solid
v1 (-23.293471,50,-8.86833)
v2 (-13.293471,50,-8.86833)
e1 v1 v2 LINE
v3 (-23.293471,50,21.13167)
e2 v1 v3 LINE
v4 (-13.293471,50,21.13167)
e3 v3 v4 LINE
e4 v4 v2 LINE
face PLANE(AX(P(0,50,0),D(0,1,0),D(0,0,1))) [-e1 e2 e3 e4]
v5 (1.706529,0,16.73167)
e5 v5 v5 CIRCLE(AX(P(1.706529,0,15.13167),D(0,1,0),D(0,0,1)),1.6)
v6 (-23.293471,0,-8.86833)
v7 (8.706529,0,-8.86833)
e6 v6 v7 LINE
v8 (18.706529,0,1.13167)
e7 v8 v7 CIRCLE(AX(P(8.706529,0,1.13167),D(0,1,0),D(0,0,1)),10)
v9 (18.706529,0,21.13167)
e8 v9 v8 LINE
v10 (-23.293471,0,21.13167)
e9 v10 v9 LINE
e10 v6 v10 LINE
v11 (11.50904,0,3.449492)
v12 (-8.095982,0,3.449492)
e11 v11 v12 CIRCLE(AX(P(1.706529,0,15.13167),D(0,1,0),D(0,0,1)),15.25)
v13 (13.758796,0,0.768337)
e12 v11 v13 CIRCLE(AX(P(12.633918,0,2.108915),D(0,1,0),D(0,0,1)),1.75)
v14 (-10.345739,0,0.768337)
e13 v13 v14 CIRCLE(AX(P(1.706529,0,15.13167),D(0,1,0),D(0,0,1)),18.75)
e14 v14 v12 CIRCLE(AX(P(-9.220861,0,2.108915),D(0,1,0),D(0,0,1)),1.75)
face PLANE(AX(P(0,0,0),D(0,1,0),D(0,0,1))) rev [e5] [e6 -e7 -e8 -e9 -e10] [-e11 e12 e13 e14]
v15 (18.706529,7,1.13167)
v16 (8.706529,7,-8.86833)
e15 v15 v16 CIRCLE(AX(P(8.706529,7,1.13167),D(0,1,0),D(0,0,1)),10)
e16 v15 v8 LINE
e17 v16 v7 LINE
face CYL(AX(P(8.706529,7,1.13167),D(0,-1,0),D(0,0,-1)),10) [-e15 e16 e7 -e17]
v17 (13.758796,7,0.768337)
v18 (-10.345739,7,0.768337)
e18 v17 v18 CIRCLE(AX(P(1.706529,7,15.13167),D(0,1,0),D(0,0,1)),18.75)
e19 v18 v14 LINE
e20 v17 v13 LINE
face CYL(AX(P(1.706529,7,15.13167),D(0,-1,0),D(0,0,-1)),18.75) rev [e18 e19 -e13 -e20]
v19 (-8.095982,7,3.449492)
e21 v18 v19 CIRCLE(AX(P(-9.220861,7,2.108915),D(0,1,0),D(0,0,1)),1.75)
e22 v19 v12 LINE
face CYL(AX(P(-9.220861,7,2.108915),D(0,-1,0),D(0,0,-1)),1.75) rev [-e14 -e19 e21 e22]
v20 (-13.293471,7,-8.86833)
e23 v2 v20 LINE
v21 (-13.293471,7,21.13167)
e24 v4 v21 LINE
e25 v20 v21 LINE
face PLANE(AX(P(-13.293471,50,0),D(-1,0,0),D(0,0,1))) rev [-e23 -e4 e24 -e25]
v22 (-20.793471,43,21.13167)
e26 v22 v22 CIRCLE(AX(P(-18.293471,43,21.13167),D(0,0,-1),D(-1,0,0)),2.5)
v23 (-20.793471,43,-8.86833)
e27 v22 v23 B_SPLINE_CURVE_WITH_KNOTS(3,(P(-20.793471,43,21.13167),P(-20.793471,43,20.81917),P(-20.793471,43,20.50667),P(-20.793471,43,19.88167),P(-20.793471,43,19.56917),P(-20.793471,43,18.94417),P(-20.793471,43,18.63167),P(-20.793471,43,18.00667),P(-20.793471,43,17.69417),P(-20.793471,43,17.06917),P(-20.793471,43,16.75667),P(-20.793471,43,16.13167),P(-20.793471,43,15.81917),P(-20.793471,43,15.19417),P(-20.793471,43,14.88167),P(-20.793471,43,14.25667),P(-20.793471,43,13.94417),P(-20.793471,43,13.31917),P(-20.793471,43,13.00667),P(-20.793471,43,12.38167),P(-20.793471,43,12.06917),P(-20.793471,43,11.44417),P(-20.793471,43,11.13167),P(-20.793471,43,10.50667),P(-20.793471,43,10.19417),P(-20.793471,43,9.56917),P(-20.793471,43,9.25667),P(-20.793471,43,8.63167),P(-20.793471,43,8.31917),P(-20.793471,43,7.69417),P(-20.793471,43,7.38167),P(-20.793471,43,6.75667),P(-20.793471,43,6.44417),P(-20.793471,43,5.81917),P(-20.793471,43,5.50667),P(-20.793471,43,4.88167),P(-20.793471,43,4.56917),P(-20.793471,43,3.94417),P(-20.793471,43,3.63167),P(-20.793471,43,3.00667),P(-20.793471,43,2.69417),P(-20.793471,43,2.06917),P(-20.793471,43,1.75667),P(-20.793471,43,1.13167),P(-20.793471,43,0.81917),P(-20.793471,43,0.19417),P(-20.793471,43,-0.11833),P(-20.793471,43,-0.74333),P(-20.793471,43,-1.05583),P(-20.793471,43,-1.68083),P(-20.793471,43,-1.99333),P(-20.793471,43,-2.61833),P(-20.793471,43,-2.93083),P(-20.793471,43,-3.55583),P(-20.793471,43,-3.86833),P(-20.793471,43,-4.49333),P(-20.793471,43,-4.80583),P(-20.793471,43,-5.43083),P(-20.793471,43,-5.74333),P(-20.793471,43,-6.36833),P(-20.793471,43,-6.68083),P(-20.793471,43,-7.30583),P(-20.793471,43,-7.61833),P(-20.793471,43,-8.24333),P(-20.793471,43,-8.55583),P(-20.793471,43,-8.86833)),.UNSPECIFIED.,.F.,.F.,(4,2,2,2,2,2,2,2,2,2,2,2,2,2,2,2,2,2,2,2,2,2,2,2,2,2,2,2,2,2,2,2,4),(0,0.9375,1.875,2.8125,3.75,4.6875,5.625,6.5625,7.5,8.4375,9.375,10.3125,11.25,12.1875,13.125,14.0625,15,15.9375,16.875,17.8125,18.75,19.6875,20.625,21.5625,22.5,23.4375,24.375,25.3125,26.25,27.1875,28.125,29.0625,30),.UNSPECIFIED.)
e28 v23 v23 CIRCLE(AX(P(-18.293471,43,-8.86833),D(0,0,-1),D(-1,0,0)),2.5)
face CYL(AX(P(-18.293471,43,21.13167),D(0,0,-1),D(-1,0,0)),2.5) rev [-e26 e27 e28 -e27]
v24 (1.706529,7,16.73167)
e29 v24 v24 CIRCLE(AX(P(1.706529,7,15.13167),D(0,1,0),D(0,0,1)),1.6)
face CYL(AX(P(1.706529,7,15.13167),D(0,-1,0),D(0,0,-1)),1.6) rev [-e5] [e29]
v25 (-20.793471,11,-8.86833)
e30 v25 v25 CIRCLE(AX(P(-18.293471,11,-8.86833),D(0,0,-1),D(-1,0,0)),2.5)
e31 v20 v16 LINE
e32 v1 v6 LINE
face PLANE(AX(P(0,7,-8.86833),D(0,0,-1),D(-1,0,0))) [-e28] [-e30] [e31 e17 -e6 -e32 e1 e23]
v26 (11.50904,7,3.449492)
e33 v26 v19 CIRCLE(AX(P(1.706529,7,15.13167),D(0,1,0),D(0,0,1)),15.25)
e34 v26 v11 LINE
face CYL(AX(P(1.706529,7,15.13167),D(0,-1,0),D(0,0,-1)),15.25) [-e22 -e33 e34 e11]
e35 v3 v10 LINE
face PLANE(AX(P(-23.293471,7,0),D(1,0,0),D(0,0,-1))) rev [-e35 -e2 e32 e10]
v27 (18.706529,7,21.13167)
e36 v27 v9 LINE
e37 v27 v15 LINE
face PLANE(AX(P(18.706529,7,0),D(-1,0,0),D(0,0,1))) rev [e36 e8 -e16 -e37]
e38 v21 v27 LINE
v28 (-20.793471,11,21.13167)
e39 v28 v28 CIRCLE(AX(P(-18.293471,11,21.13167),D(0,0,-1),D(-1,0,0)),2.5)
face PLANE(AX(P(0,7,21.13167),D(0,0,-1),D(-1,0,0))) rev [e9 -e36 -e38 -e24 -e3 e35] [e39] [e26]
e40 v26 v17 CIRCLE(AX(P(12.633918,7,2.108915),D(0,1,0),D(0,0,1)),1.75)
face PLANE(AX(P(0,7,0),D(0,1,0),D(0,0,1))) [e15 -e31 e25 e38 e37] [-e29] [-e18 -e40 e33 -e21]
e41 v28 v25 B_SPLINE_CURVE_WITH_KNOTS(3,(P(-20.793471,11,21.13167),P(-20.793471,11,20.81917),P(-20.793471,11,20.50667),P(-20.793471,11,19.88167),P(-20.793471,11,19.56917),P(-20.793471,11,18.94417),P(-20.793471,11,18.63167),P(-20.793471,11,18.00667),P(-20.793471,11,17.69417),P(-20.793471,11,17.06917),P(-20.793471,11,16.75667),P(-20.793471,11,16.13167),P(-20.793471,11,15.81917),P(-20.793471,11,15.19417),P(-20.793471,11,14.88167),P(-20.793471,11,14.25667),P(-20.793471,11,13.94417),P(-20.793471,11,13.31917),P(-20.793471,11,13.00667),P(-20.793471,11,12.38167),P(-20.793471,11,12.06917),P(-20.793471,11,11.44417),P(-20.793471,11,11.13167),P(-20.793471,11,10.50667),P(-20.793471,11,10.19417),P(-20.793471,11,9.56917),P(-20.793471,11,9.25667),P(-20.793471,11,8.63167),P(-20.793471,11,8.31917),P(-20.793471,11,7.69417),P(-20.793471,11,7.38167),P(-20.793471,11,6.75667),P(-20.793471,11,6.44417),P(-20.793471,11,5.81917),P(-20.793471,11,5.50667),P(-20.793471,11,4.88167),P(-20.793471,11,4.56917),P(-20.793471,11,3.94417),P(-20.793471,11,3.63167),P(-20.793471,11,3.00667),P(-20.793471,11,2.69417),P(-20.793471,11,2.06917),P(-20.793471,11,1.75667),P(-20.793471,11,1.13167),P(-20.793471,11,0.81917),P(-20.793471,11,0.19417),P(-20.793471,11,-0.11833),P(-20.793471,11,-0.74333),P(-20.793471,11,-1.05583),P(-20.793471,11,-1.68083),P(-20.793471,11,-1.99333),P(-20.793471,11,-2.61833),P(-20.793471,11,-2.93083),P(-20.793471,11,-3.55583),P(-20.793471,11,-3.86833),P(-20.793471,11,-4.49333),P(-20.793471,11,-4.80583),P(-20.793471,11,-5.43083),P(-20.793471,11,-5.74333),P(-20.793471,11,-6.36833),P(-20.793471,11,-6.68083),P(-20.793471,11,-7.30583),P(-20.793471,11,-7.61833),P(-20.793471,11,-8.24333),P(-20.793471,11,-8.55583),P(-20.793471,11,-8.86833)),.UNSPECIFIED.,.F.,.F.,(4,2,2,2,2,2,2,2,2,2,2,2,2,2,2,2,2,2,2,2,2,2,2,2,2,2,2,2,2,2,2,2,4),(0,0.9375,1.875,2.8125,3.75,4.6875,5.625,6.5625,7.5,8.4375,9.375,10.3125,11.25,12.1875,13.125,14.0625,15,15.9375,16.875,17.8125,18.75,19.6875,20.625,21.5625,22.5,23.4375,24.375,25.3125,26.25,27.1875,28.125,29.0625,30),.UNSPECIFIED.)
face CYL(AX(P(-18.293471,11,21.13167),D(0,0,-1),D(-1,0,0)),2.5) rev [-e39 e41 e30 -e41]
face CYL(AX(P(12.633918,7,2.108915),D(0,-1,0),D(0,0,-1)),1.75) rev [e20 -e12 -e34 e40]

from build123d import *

# Parameters (mm, degrees)
SKETCH1_R           = 1.6
BOSS_EXTRUDE1_DEPTH = 7
SKETCH1_3_W         = 10
SKETCH1_3_H         = 30
BOSS_EXTRUDE2_DEPTH = 50
SKETCH2_R           = 2.5
CUT_EXTRUDE1_DEPTH  = 63.790013573


with BuildPart() as part:
    # Sketch1 → Boss-Extrude1 (new body)
    with BuildSketch(Plane(origin=(0, 0, 0), x_dir=(1, 0, 0), z_dir=(0, 1, 0))):
        with BuildLine():
            Line((-23.293471286, 8.868329827), (-23.293471286, -21.131670173))
            Line((-23.293471286, -21.131670173), (18.706528714, -21.131670173))
            Line((18.706528714, -21.131670173), (18.706528714, -1.131670173))
            ThreePointArc((18.706528714, -1.131670173), (15.777596526, 5.939397639), (8.706528714, 8.868329827))
            Line((8.706528714, 8.868329827), (-23.293471286, 8.868329827))
        make_face()
        with BuildLine():
            ThreePointArc((13.758796396, -0.768336864), (13.974495854, -3.233792957), (11.509039762, -3.449492415))
            ThreePointArc((11.509039762, -3.449492415), (1.706528714, 0.118329827), (-8.095982334, -3.449492415))
            ThreePointArc((-8.095982334, -3.449492415), (-10.561438426, -3.233792957), (-10.345738968, -0.768336864))
            ThreePointArc((-10.345738968, -0.768336864), (1.706528714, 3.618329827), (13.758796396, -0.768336864))
        make_face(mode=Mode.SUBTRACT)
        with Locations((1.706528714, -15.131670173)):
            Circle(SKETCH1_R, mode=Mode.SUBTRACT)
    extrude(amount=BOSS_EXTRUDE1_DEPTH)

    # Sketch1<3> → Boss-Extrude2 (add)
    with BuildSketch(Plane(origin=(0, 0, 0), x_dir=(1, 0, 0), z_dir=(0, 1, 0))):
        with Locations((-18.293471286, -6.131670173)):
            Rectangle(SKETCH1_3_W, SKETCH1_3_H)
    extrude(amount=BOSS_EXTRUDE2_DEPTH)

    # Sketch2 → Cut-Extrude1 (cut, through all)
    with BuildSketch(Plane(origin=(0, 0, -8.868329827), x_dir=(-1, 0, 0), z_dir=(0, 0, -1))):
        with Locations((18.293471286, 43)):
            Circle(SKETCH2_R)
        with Locations((18.293471286, 11)):
            Circle(SKETCH2_R)
    extrude(amount=-CUT_EXTRUDE1_DEPTH, mode=Mode.SUBTRACT)


solid = part.part
